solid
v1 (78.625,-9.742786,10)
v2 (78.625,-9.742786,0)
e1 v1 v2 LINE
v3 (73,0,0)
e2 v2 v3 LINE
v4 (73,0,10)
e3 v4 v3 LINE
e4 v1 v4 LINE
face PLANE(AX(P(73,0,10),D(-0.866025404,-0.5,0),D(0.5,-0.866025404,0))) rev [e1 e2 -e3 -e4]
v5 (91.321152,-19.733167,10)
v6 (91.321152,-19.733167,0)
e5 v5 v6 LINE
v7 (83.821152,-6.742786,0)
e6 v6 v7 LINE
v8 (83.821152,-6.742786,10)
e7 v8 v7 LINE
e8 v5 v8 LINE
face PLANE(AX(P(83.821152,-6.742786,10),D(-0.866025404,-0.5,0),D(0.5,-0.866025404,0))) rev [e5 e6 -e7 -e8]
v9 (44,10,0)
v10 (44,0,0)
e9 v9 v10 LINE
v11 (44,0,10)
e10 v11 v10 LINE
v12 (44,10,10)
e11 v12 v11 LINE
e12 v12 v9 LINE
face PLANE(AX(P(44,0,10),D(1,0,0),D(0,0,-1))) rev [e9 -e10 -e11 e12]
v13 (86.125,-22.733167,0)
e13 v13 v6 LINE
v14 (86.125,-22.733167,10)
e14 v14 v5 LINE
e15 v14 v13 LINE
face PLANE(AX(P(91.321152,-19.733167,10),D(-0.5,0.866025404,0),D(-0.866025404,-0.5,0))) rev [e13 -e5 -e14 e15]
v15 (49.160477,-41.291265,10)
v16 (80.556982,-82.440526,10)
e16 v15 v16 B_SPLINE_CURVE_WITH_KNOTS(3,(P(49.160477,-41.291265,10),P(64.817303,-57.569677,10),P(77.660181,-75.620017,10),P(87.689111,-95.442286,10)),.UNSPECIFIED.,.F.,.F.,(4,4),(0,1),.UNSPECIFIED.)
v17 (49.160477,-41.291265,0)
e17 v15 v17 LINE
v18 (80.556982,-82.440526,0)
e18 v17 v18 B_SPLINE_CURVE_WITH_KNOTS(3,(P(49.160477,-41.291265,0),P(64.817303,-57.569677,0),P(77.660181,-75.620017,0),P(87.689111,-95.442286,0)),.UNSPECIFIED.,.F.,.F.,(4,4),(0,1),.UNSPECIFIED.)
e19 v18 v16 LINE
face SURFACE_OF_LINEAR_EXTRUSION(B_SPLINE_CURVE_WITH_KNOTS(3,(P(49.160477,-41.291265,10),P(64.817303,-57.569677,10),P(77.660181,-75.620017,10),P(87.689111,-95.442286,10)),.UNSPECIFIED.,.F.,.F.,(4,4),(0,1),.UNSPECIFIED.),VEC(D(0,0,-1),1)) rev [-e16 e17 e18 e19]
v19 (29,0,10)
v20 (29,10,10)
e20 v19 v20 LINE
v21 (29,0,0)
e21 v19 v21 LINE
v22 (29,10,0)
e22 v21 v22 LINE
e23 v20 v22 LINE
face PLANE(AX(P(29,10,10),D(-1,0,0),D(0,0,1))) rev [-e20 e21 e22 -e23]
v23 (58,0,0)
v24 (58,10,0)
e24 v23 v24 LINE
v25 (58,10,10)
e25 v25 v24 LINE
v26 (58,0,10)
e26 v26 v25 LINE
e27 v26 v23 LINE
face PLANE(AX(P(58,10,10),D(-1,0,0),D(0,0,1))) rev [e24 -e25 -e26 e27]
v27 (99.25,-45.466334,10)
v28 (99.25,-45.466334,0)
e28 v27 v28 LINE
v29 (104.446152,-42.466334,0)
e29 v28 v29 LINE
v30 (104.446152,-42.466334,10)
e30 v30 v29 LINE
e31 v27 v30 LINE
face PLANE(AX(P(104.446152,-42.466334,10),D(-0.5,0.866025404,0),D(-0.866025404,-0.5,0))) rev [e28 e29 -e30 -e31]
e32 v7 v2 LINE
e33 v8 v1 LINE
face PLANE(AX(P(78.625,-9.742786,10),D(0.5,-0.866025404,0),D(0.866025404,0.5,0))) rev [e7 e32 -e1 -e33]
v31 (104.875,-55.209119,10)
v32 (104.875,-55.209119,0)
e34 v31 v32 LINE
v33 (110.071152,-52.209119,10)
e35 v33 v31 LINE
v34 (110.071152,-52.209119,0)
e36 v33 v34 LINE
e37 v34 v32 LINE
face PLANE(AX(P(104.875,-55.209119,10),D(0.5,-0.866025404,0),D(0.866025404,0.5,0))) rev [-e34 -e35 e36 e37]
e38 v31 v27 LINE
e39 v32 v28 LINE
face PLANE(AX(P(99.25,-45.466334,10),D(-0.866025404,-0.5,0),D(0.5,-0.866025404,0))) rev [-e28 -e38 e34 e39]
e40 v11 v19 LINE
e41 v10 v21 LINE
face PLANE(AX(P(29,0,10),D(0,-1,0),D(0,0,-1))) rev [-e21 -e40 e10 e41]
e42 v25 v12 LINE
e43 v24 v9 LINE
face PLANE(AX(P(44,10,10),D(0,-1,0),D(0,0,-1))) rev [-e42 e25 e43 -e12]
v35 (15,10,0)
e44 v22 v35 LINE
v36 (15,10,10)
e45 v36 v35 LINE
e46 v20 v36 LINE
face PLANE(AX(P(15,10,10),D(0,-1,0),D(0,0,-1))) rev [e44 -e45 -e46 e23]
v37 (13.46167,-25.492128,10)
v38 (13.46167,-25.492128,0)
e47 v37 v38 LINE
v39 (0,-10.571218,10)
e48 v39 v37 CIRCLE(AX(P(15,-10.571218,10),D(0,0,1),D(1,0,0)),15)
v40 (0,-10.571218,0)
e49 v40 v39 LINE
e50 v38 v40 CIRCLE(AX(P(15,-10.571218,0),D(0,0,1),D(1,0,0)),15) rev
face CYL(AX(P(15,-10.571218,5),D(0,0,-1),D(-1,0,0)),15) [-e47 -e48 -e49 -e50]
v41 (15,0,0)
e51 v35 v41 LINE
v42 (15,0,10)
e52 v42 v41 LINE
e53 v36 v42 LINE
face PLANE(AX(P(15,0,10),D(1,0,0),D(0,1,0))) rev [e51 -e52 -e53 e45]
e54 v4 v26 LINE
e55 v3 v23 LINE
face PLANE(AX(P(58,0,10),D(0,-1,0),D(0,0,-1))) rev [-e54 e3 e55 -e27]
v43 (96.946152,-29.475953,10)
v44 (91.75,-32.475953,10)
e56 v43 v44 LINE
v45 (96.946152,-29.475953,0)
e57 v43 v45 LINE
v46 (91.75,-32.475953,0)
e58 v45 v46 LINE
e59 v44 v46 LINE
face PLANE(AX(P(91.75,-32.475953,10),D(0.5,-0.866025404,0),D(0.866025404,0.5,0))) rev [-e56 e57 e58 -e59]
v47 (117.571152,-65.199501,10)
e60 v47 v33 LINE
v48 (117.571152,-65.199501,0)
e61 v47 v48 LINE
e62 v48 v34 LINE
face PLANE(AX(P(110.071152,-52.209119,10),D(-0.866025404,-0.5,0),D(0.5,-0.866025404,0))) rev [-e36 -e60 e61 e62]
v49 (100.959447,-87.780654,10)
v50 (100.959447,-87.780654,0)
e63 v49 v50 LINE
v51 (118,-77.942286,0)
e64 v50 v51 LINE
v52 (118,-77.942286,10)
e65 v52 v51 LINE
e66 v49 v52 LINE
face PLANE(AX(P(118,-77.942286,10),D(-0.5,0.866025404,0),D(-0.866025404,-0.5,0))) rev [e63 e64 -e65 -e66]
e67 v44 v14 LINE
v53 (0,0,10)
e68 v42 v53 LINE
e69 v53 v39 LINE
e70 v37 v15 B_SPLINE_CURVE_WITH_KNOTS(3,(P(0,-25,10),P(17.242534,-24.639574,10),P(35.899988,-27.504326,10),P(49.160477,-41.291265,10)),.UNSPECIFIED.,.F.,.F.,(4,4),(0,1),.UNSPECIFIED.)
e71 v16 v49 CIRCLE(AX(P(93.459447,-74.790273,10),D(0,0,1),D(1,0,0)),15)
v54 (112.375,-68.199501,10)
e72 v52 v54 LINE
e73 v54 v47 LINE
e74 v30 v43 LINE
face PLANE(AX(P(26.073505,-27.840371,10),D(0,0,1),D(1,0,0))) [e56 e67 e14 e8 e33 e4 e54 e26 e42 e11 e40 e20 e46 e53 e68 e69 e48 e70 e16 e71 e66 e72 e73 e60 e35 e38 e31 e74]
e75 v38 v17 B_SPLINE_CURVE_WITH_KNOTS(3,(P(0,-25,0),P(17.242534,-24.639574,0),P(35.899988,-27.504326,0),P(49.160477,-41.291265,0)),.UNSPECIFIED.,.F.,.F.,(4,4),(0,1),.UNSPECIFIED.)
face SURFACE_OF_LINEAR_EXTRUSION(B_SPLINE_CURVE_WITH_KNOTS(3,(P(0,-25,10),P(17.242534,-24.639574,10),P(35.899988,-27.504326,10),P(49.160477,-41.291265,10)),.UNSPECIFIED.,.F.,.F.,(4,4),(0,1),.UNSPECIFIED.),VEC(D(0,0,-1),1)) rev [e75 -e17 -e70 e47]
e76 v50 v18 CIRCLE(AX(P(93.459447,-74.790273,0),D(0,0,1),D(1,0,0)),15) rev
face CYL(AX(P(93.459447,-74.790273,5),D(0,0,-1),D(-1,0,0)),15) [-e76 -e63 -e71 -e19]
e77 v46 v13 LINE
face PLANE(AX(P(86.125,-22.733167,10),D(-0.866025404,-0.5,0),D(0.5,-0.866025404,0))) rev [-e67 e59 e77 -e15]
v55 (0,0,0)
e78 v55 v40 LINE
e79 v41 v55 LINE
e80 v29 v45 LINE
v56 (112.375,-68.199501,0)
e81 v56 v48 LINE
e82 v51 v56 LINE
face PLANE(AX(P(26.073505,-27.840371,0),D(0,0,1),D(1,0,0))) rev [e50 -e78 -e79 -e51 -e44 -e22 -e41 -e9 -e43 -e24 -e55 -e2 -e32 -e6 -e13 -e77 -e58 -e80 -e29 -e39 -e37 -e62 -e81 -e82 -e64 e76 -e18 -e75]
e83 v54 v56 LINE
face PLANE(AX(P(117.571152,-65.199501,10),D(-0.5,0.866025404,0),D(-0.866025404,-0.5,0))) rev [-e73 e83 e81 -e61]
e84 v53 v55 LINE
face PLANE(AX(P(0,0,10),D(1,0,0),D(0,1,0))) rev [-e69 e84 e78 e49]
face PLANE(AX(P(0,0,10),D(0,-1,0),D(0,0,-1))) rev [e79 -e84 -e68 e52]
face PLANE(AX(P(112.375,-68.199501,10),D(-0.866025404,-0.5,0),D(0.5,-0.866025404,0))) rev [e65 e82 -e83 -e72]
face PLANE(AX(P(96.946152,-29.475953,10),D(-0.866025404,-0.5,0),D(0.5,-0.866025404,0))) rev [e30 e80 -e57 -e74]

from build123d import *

# Parameters (mm, degrees)
BOSS_EXTRUDE1_DEPTH = 10
FILLET1_R           = 15


with BuildPart() as part:
    # Sketch1 → Boss-Extrude1 (new body)
    with BuildSketch(Plane.XY):
        with BuildLine():
            Line((0, 0), (15, 0))
            Line((15, 0), (15, 10))
            Line((15, 10), (29, 10))
            Line((29, 10), (29, 0))
            Line((29, 0), (44, 0))
            Line((44, 0), (44, 10))
            Line((44, 10), (58, 10))
            Line((58, 10), (58, 0))
            Line((58, 0), (73, 0))
            Line((73, 0), (78.625, -9.742785793))
            Line((78.625, -9.742785793), (83.821152423, -6.742785793))
            Line((83.821152423, -6.742785793), (91.321152423, -19.733166849))
            Line((91.321152423, -19.733166849), (86.125, -22.733166849))
            Line((86.125, -22.733166849), (91.75, -32.475952642))
            Line((91.75, -32.475952642), (96.946152423, -29.475952642))
            Line((96.946152423, -29.475952642), (104.446152423, -42.466333699))
            Line((104.446152423, -42.466333699), (99.25, -45.466333699))
            Line((99.25, -45.466333699), (104.875, -55.209119491))
            Line((104.875, -55.209119491), (110.071152423, -52.209119491))
            Line((110.071152423, -52.209119491), (117.571152423, -65.199500548))
            Line((117.571152423, -65.199500548), (112.375, -68.199500548))
            Line((112.375, -68.199500548), (118, -77.942286341))
            Line((118, -77.942286341), (87.689110868, -95.442286341))
            add(Edge.make_bspline(
                [(87.689110868, -95.442286341), (77.660181341, -75.620017272), (64.817303381, -57.569676854), (49.160476986, -41.291265088)],
                knots=[0, 0, 0, 0, 1, 1, 1, 1], degree=3))
            add(Edge.make_bspline(
                [(0, -25), (17.242534467, -24.639573707), (35.899987596, -27.504326339), (49.160476986, -41.291265088)],
                knots=[0, 0, 0, 0, 1, 1, 1, 1], degree=3))
            Line((0, -25), (0, 0))
        make_face()
    extrude(amount=BOSS_EXTRUDE1_DEPTH)

    # Fillet1
    fillet1_edges = [part.edges().sort_by_distance(p)[0] for p in [
        (87.689110868, -95.442286341, 5),
        (0, -25, 5),
    ]]
    fillet(fillet1_edges, radius=FILLET1_R)


solid = part.part
